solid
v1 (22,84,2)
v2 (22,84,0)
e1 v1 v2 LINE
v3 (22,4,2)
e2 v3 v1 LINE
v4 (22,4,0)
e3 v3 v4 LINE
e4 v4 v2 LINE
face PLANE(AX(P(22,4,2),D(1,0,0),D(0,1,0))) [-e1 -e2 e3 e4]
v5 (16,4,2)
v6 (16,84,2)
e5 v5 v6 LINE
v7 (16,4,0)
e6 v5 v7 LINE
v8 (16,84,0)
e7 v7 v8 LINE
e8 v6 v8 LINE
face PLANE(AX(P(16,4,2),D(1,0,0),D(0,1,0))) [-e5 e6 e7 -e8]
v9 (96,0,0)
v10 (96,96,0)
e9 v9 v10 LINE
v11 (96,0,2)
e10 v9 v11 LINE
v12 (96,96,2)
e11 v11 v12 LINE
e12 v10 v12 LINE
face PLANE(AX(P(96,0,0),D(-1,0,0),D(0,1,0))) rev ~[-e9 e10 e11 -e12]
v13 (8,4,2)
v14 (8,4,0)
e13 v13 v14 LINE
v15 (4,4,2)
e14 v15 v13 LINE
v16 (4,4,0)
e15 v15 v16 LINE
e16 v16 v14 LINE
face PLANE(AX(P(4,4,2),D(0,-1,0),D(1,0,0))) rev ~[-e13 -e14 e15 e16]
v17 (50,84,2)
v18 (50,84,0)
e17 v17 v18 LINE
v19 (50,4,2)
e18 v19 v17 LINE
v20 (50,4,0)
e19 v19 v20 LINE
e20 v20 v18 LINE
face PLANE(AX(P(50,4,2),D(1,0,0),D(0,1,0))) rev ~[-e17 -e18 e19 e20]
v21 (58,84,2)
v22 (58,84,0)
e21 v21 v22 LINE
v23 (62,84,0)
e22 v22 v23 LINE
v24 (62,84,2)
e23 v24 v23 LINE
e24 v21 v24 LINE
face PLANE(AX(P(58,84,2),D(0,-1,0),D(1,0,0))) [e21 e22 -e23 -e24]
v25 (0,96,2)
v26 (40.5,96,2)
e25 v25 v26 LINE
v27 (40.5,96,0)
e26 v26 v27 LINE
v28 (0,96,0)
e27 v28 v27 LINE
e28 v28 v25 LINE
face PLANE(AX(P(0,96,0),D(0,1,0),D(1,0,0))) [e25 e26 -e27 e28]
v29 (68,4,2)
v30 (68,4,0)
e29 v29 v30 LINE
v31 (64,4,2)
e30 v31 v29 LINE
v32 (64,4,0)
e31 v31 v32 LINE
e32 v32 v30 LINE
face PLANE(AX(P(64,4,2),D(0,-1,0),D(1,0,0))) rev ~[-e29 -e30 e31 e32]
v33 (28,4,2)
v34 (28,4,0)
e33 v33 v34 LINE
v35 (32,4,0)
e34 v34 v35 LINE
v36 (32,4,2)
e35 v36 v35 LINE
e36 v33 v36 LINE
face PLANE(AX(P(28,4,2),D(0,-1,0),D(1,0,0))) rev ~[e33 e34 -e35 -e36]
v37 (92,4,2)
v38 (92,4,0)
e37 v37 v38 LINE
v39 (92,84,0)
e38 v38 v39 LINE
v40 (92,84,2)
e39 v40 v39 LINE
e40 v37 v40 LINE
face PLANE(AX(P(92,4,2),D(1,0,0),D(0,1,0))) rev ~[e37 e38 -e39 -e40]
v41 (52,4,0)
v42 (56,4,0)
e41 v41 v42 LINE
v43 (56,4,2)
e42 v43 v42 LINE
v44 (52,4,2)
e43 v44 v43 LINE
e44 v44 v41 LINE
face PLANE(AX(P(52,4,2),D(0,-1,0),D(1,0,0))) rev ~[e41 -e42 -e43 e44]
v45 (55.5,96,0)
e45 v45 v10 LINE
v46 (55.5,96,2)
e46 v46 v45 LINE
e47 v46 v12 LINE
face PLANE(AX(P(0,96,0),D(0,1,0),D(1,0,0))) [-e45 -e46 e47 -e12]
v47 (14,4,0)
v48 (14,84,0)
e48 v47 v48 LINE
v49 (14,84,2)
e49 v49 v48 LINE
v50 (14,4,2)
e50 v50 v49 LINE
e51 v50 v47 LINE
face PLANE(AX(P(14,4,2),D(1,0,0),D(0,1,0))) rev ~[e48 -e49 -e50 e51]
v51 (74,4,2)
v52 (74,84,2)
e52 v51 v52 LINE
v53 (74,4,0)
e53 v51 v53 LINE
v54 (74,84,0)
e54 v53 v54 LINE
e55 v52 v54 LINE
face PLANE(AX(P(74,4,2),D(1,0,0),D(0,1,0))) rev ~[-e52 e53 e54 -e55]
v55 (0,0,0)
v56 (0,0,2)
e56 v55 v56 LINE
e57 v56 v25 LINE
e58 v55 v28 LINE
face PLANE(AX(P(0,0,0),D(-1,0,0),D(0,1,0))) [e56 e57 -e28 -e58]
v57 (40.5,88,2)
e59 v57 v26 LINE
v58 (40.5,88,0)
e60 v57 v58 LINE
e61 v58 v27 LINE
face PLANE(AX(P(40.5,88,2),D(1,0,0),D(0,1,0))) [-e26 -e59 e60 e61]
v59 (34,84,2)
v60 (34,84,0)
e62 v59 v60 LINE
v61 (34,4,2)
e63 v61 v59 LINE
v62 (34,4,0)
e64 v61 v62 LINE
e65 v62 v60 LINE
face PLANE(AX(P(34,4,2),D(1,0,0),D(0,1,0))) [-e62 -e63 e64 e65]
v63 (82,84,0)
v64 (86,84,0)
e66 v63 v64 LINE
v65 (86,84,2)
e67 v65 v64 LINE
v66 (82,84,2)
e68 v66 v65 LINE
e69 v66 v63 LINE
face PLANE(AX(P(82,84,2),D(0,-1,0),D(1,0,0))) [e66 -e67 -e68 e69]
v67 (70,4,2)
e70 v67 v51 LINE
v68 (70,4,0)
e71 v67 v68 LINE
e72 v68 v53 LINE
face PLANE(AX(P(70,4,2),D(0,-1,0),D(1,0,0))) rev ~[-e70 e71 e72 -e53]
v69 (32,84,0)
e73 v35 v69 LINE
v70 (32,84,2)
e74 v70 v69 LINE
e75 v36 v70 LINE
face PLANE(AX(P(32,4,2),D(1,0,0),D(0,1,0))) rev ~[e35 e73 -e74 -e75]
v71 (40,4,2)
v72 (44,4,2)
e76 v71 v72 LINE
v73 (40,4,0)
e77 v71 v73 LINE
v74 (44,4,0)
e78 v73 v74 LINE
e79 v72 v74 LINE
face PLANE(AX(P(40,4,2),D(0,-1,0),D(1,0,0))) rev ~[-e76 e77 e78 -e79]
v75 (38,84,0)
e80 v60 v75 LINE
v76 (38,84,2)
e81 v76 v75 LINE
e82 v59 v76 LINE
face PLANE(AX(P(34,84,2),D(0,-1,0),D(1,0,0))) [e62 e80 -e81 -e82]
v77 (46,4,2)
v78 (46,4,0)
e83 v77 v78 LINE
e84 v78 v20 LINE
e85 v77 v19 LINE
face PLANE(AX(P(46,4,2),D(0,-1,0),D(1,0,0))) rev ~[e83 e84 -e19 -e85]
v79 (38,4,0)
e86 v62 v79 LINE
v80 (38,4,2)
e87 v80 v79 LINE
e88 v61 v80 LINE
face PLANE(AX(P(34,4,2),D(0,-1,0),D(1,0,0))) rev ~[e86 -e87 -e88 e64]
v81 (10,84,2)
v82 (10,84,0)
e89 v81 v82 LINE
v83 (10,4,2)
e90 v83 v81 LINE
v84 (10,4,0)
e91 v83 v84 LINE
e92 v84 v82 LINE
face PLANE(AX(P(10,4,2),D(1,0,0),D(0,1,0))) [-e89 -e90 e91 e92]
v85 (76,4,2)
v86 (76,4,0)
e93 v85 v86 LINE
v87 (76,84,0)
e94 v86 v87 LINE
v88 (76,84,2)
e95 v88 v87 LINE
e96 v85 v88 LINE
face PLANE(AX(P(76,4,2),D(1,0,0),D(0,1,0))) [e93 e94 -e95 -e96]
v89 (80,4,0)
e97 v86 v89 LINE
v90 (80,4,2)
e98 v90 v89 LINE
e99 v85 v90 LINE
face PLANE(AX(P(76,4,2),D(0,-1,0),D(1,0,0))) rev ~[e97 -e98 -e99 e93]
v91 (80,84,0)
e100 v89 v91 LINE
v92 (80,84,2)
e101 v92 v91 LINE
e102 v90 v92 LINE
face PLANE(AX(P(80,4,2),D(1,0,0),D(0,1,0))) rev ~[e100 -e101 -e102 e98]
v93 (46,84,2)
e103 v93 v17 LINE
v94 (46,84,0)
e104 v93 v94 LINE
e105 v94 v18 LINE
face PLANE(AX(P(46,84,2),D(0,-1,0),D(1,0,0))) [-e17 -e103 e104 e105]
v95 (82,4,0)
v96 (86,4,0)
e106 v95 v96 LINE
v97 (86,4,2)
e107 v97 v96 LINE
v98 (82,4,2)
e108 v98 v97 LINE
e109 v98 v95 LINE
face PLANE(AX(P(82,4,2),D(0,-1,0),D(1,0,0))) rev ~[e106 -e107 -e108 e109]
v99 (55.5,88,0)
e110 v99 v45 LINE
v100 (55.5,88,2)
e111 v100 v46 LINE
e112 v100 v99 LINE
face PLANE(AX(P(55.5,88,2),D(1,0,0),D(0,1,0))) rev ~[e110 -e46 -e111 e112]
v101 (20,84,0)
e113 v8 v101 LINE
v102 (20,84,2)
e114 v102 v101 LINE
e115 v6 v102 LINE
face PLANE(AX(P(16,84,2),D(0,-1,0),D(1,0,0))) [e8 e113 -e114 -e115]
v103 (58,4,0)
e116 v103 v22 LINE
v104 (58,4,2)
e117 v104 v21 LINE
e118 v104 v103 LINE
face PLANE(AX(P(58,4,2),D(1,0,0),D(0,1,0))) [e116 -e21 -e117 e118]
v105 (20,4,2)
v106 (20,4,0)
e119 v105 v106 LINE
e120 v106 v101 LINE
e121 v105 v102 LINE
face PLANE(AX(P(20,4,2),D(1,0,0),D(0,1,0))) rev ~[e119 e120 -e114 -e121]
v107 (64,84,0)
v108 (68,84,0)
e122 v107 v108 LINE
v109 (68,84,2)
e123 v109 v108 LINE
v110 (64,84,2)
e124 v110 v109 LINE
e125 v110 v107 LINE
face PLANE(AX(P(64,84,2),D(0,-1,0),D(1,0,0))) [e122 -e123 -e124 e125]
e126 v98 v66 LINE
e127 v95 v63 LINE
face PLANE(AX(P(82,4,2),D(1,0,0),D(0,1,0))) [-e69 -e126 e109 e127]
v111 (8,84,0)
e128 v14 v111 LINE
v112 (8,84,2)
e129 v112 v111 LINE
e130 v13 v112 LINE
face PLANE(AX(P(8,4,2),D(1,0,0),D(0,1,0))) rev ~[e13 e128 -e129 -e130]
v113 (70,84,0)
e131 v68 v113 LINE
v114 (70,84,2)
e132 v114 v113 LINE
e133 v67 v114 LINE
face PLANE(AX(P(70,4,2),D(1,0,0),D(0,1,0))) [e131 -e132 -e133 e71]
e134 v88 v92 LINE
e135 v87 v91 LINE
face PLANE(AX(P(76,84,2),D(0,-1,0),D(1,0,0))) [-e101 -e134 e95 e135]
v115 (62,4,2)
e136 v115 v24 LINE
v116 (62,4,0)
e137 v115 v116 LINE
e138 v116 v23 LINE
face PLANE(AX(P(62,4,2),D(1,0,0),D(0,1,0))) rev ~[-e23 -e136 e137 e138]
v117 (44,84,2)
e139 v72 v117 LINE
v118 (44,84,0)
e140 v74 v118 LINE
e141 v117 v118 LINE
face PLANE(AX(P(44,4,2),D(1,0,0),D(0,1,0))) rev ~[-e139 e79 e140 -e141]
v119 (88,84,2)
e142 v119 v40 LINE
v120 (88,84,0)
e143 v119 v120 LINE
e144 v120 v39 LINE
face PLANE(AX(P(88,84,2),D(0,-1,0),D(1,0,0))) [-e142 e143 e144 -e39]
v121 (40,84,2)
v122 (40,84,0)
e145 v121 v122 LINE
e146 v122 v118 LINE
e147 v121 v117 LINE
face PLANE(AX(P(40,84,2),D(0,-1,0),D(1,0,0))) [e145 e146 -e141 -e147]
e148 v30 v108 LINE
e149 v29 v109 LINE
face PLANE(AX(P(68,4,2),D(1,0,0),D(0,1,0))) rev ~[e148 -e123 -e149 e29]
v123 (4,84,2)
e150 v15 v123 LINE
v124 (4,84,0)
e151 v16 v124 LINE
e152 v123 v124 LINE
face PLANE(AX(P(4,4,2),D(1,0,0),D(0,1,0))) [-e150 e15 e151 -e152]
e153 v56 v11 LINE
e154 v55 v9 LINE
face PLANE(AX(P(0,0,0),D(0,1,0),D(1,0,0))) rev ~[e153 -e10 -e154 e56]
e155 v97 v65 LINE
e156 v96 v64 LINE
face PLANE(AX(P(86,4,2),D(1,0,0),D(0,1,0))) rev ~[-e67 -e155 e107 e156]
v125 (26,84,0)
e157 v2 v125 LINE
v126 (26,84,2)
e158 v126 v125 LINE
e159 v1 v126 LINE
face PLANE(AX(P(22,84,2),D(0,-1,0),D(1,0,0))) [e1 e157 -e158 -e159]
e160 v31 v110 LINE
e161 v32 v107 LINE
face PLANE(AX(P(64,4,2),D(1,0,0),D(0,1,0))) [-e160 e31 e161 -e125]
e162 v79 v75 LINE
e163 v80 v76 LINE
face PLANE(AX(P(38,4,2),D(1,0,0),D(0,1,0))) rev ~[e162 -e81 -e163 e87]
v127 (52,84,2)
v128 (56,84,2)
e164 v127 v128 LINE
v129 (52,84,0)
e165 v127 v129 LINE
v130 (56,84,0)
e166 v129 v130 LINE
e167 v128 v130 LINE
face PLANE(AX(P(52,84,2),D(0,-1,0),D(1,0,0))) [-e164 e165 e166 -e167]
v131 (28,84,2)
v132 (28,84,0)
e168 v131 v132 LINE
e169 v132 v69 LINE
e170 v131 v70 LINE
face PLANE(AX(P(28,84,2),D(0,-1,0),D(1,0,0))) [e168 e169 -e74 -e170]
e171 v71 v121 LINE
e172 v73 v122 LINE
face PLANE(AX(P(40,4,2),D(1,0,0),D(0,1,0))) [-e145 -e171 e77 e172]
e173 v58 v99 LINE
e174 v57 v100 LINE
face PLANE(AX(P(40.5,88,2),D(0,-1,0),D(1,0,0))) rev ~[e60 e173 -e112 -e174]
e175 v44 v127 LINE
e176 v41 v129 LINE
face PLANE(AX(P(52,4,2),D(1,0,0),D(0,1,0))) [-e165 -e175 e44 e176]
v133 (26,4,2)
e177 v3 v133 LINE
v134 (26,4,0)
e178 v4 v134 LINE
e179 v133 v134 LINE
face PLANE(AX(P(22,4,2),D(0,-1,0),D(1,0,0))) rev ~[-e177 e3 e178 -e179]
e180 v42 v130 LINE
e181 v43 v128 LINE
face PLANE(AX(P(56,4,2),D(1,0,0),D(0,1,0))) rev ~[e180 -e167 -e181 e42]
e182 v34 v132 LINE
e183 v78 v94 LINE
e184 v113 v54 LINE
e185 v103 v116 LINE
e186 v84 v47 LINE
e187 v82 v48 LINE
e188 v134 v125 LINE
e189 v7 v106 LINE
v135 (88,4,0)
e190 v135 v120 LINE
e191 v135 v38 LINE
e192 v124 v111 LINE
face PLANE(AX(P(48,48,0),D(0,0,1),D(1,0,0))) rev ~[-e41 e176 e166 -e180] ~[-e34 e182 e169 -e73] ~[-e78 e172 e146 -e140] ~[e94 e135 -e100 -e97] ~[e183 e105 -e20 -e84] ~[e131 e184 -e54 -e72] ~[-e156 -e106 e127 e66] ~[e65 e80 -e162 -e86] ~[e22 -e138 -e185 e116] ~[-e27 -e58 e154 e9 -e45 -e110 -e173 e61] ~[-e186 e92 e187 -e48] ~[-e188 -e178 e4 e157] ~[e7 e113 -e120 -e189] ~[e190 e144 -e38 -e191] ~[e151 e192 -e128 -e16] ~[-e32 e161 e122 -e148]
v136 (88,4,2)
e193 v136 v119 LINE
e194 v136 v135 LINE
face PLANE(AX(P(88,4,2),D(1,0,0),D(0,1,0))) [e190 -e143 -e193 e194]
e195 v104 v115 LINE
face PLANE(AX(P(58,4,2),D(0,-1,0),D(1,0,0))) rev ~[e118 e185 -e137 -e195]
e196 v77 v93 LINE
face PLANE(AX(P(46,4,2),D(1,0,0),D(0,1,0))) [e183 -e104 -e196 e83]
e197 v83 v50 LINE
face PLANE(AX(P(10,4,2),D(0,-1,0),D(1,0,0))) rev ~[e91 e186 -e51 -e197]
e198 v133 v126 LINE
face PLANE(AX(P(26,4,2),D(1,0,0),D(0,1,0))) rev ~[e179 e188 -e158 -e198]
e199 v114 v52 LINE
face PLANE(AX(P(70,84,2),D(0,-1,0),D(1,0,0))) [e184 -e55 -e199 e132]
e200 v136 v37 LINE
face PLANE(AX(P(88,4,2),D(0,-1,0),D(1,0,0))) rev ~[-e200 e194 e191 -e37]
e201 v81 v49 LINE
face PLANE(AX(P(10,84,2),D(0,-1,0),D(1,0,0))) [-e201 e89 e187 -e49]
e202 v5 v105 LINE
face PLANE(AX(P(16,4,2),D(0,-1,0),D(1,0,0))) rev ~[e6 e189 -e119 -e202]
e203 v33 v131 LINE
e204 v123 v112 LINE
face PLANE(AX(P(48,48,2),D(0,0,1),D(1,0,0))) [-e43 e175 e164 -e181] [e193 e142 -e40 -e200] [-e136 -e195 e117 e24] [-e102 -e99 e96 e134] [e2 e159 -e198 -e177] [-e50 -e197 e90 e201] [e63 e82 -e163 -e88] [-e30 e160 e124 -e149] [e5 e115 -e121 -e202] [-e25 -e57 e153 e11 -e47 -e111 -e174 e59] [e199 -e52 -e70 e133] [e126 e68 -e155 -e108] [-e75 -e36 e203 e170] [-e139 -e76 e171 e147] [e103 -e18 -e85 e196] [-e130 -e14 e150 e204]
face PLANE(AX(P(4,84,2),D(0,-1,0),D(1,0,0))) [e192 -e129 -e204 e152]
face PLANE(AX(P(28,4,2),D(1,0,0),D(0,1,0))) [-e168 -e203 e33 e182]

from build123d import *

# Parameters (mm, degrees)
SKETCH1_W             = 96
SKETCH1_H             = 96
BOSS_EXTRUDE2_DEPTH   = 2
FINGER_OPENING_HOLE_W = 15
FINGER_OPENING_HOLE_H = 8
OPENING_HOLE_DEPTH    = 2
AIRFLOW_W             = 4
AIRFLOW_H             = 80
AIR_FLOW_DEPTH        = 2


with BuildPart() as part:
    # Sketch1 → Boss-Extrude2 (new body)
    with BuildSketch(Plane.XY):
        with Locations((48, 48)):
            Rectangle(SKETCH1_W, SKETCH1_H)
    extrude(amount=BOSS_EXTRUDE2_DEPTH)

    # Finger Opening Hole → Opening Hole (cut)
    with BuildSketch(Plane.XY.offset(2)):
        with Locations((48, 92)):
            Rectangle(FINGER_OPENING_HOLE_W, FINGER_OPENING_HOLE_H)
    extrude(amount=-OPENING_HOLE_DEPTH, mode=Mode.SUBTRACT)

    # Airflow → Air Flow (cut)
    with BuildSketch(Plane.XY.offset(2)):
        with Locations((12, 44)):
            Rectangle(AIRFLOW_W, AIRFLOW_H)
        with Locations((6, 44)):
            Rectangle(AIRFLOW_W, AIRFLOW_H)
        with Locations((18, 44)):
            Rectangle(AIRFLOW_W, AIRFLOW_H)
        with Locations((24, 44)):
            Rectangle(AIRFLOW_W, AIRFLOW_H)
        with Locations((30, 44)):
            Rectangle(AIRFLOW_W, AIRFLOW_H)
        with Locations((36, 44)):
            Rectangle(AIRFLOW_W, AIRFLOW_H)
        with Locations((42, 44)):
            Rectangle(AIRFLOW_W, AIRFLOW_H)
        with Locations((48, 44)):
            Rectangle(AIRFLOW_W, AIRFLOW_H)
        with Locations((54, 44)):
            Rectangle(AIRFLOW_W, AIRFLOW_H)
        with Locations((60, 44)):
            Rectangle(AIRFLOW_W, AIRFLOW_H)
        with Locations((66, 44)):
            Rectangle(AIRFLOW_W, AIRFLOW_H)
        with Locations((72, 44)):
            Rectangle(AIRFLOW_W, AIRFLOW_H)
        with Locations((78, 44)):
            Rectangle(AIRFLOW_W, AIRFLOW_H)
        with Locations((84, 44)):
            Rectangle(AIRFLOW_W, AIRFLOW_H)
        with Locations((90, 44)):
            Rectangle(AIRFLOW_W, AIRFLOW_H)
    extrude(amount=-AIR_FLOW_DEPTH, mode=Mode.SUBTRACT)


solid = part.part
